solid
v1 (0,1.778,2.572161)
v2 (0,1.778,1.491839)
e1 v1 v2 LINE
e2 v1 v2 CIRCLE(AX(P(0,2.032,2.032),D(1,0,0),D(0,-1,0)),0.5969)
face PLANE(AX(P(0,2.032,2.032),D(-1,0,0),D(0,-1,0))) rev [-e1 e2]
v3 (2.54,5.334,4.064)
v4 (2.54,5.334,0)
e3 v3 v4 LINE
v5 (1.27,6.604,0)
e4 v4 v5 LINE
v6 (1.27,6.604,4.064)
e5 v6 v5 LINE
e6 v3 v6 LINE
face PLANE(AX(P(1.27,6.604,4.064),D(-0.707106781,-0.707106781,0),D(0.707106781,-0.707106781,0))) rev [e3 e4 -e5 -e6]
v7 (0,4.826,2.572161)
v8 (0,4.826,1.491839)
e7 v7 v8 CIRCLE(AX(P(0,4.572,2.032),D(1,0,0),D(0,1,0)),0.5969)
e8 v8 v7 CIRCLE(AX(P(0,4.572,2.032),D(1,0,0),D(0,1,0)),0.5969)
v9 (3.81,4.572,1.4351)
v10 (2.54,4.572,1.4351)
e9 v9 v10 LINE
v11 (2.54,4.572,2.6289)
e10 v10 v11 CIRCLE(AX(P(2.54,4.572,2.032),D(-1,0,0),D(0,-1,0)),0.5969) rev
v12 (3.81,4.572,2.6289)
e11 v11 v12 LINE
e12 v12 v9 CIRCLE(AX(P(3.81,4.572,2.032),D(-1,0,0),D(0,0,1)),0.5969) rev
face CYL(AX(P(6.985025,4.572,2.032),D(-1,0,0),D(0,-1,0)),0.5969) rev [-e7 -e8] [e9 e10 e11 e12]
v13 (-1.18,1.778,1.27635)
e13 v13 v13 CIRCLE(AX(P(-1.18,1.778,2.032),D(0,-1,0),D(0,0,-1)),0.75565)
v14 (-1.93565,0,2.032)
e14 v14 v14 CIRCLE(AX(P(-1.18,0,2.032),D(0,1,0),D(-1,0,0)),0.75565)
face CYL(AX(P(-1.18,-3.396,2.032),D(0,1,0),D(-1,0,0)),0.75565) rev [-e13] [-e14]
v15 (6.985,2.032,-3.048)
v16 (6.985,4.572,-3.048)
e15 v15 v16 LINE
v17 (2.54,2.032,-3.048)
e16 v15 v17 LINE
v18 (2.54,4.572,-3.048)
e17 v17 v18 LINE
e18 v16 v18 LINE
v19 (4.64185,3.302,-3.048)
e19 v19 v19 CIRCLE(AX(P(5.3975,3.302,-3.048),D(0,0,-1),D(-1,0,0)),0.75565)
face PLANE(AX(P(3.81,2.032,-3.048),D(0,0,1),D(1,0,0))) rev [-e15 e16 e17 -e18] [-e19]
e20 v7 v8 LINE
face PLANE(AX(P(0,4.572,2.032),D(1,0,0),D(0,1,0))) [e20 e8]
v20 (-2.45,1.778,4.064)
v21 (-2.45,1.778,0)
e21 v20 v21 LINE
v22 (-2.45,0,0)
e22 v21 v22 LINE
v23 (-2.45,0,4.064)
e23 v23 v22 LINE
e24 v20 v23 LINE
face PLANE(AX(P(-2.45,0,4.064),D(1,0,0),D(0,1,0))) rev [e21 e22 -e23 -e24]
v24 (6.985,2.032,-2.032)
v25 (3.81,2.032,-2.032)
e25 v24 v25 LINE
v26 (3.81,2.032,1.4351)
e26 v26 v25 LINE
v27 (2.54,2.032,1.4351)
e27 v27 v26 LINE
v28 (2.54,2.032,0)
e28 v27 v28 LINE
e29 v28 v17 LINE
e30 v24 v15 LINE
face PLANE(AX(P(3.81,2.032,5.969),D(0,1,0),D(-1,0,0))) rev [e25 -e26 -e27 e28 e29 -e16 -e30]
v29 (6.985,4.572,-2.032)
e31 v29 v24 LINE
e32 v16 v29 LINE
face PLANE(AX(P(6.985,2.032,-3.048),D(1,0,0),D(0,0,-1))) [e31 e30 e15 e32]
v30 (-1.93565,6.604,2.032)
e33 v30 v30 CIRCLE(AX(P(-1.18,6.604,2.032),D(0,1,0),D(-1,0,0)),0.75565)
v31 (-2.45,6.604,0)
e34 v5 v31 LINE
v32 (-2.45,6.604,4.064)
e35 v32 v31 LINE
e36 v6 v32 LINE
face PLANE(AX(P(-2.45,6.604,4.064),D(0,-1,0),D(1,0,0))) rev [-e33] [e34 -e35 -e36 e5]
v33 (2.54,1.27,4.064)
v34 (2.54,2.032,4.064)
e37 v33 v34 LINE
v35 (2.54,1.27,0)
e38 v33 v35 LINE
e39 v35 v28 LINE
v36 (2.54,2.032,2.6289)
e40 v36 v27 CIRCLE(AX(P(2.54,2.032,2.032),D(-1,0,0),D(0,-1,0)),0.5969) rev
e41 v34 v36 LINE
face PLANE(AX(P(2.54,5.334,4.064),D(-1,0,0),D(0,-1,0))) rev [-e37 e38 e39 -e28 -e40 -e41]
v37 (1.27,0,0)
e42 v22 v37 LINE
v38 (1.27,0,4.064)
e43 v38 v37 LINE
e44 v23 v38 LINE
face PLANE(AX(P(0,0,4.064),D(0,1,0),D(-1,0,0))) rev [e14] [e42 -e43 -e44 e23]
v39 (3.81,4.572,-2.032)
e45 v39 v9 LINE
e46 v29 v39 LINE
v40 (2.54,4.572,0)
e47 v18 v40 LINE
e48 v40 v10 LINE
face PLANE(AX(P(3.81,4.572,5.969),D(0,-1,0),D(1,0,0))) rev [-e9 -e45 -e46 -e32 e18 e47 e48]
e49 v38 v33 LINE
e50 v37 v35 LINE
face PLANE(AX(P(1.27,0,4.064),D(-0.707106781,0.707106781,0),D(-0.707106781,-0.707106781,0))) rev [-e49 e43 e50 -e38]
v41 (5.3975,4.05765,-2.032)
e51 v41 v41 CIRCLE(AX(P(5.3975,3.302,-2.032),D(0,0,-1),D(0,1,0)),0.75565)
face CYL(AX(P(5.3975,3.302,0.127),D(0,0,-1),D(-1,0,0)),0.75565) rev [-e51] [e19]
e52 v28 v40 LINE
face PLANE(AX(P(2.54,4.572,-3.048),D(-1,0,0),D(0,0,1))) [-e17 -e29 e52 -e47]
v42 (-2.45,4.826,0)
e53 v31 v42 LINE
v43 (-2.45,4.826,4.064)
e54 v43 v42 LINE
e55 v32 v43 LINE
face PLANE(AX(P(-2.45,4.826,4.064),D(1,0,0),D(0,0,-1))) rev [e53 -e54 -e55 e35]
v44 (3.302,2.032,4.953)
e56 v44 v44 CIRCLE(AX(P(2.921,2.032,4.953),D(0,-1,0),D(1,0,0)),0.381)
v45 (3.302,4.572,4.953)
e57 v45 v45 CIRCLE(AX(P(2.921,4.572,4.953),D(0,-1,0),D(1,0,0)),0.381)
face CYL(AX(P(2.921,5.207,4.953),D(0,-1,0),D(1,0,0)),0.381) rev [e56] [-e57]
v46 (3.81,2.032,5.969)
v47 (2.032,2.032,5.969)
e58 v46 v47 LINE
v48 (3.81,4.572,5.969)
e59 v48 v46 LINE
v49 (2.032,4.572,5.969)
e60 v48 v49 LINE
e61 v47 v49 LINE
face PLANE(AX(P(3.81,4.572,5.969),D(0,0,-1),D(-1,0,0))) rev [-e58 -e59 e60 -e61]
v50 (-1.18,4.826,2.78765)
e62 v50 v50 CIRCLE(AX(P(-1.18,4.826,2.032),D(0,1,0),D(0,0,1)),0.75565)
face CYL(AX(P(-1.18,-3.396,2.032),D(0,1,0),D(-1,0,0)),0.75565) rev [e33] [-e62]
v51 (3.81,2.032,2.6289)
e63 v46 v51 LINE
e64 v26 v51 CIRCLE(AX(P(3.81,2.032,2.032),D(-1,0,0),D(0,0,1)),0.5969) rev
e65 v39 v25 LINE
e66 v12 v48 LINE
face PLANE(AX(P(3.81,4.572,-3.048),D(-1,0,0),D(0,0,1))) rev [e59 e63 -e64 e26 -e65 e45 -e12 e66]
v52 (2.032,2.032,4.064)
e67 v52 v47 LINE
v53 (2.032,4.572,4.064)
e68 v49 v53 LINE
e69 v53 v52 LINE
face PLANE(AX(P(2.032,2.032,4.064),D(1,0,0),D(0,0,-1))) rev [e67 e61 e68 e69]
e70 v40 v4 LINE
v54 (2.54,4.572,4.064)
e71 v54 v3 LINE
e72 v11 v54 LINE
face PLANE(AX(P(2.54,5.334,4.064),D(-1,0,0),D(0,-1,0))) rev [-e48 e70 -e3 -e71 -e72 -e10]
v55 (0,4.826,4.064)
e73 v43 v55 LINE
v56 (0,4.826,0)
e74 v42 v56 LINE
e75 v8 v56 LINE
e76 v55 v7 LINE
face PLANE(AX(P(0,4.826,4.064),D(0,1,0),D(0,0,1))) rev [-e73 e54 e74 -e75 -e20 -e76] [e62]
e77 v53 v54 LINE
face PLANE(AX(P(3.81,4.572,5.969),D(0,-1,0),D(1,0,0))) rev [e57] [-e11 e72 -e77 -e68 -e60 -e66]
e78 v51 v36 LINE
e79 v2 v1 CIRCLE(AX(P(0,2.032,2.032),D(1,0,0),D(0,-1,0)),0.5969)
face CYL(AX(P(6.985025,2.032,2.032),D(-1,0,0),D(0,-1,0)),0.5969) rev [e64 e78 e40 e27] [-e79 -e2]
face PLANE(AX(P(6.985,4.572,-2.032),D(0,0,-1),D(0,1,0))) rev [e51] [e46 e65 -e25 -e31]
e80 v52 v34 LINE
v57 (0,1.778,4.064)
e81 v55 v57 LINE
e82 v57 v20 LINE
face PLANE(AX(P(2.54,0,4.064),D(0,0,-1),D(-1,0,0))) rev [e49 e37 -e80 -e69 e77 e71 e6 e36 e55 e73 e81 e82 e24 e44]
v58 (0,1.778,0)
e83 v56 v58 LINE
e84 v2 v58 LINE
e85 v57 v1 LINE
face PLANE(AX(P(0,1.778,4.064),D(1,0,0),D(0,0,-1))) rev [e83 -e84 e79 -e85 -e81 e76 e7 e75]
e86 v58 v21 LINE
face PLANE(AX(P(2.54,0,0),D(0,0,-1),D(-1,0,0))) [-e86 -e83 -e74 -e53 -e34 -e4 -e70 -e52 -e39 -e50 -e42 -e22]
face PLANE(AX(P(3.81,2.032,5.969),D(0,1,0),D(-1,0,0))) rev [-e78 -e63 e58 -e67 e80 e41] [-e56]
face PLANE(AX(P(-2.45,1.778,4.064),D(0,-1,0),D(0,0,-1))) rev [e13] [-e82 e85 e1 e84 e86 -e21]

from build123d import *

# Parameters (mm, degrees)
BOSS_EXTRUDE1_DEPTH     = 4.064
SKETCH14_W              = 9.017
SKETCH14_H              = 2.54
BOSS_EXTRUDE5_DEPTH     = 1.27
SKETCH15_W              = 1.905
SKETCH15_H              = 2.54
BOSS_EXTRUDE6_DEPTH     = 0.508
SKETCH16_W              = 1.016
SKETCH16_H              = 2.54
BOSS_EXTRUDE7_DEPTH     = 3.175
SKETCH17_R              = 0.75565
CUT_EXTRUDE6_DEPTH      = 3.175
SKETCH18_R              = 0.381
CUT_EXTRUDE7_DEPTH      = 3.175
CUT_EXTRUDE9_DEPTH      = 11.204992749
CUT_EXTRUDE9_DEPTH_BACK = 2.54
SKETCH19_R              = 0.5969
SKETCH20_R              = 0.75565
CUT_EXTRUDE10_DEPTH     = 10


with BuildPart() as part:
    # Sketch1 → Boss-Extrude1 (new body)
    with BuildSketch(Plane.XY):
        Polygon((0, 0), (-2.45, 0), (-2.45, 1.778), (0, 1.778), (0, 4.826), (-2.45, 4.826), (-2.45, 6.604), (0, 6.604), (1.27, 6.604), (2.54, 5.334), (2.54, 1.27), (1.27, 0), align=None)
    extrude(amount=BOSS_EXTRUDE1_DEPTH)

    # Sketch14 → Boss-Extrude5 (add)
    with BuildSketch(Plane(origin=(2.54, 0, 0), x_dir=(0, 0, -1), z_dir=(1, 0, 0))):
        with Locations((-1.4605, 3.302)):
            Rectangle(SKETCH14_W, SKETCH14_H)
    extrude(amount=BOSS_EXTRUDE5_DEPTH)

    # Sketch15 → Boss-Extrude6 (add)
    with BuildSketch(Plane.ZY.offset(-2.54)):
        with Locations((5.0165, 3.302)):
            Rectangle(SKETCH15_W, SKETCH15_H)
    extrude(amount=BOSS_EXTRUDE6_DEPTH)

    # Sketch16 → Boss-Extrude7 (add)
    with BuildSketch(Plane(origin=(3.81, 0, 0), x_dir=(0, 0, -1), z_dir=(1, 0, 0))):
        with Locations((2.54, 3.302)):
            Rectangle(SKETCH16_W, SKETCH16_H)
    extrude(amount=BOSS_EXTRUDE7_DEPTH)

    # Sketch17 → Cut-Extrude6 (cut)
    with BuildSketch(Plane(origin=(0, 0, -3.048), x_dir=(-1, 0, 0), z_dir=(0, 0, -1))):
        with Locations((-5.3975, 3.302)):
            Circle(SKETCH17_R)
    extrude(amount=-CUT_EXTRUDE6_DEPTH, mode=Mode.SUBTRACT)

    # Sketch18 → Cut-Extrude7 (cut)
    with BuildSketch(Plane.XZ.offset(-2.032)):
        with Locations((2.921, 4.953)):
            Circle(SKETCH18_R)
    extrude(amount=-CUT_EXTRUDE7_DEPTH, mode=Mode.SUBTRACT)

    # Sketch19 → Cut-Extrude9 (cut, two sides: drawn at the far end of the back side and taken through both)
    with BuildSketch(Plane(origin=(2.54, 0, 0), x_dir=(0, 0, -1), z_dir=(1, 0, 0)).offset(-CUT_EXTRUDE9_DEPTH_BACK)):
        with Locations((-2.032, 4.572)):
            Circle(SKETCH19_R)
        with Locations(Location((-2.032, 2.032, 0), (0, 0, 334.815663466))):
            Circle(SKETCH19_R)
    extrude(amount=CUT_EXTRUDE9_DEPTH + CUT_EXTRUDE9_DEPTH_BACK, mode=Mode.SUBTRACT)

    # Sketch20 → Cut-Extrude10 (cut)
    with BuildSketch(Plane(origin=(0, 6.604, 0), x_dir=(1, 0, 0), z_dir=(0, 1, 0))):
        with Locations(Location((-1.18, -2.032, 0), (0, 0, 180))):
            Circle(SKETCH20_R)
    extrude(amount=-CUT_EXTRUDE10_DEPTH, mode=Mode.SUBTRACT)


solid = part.part
